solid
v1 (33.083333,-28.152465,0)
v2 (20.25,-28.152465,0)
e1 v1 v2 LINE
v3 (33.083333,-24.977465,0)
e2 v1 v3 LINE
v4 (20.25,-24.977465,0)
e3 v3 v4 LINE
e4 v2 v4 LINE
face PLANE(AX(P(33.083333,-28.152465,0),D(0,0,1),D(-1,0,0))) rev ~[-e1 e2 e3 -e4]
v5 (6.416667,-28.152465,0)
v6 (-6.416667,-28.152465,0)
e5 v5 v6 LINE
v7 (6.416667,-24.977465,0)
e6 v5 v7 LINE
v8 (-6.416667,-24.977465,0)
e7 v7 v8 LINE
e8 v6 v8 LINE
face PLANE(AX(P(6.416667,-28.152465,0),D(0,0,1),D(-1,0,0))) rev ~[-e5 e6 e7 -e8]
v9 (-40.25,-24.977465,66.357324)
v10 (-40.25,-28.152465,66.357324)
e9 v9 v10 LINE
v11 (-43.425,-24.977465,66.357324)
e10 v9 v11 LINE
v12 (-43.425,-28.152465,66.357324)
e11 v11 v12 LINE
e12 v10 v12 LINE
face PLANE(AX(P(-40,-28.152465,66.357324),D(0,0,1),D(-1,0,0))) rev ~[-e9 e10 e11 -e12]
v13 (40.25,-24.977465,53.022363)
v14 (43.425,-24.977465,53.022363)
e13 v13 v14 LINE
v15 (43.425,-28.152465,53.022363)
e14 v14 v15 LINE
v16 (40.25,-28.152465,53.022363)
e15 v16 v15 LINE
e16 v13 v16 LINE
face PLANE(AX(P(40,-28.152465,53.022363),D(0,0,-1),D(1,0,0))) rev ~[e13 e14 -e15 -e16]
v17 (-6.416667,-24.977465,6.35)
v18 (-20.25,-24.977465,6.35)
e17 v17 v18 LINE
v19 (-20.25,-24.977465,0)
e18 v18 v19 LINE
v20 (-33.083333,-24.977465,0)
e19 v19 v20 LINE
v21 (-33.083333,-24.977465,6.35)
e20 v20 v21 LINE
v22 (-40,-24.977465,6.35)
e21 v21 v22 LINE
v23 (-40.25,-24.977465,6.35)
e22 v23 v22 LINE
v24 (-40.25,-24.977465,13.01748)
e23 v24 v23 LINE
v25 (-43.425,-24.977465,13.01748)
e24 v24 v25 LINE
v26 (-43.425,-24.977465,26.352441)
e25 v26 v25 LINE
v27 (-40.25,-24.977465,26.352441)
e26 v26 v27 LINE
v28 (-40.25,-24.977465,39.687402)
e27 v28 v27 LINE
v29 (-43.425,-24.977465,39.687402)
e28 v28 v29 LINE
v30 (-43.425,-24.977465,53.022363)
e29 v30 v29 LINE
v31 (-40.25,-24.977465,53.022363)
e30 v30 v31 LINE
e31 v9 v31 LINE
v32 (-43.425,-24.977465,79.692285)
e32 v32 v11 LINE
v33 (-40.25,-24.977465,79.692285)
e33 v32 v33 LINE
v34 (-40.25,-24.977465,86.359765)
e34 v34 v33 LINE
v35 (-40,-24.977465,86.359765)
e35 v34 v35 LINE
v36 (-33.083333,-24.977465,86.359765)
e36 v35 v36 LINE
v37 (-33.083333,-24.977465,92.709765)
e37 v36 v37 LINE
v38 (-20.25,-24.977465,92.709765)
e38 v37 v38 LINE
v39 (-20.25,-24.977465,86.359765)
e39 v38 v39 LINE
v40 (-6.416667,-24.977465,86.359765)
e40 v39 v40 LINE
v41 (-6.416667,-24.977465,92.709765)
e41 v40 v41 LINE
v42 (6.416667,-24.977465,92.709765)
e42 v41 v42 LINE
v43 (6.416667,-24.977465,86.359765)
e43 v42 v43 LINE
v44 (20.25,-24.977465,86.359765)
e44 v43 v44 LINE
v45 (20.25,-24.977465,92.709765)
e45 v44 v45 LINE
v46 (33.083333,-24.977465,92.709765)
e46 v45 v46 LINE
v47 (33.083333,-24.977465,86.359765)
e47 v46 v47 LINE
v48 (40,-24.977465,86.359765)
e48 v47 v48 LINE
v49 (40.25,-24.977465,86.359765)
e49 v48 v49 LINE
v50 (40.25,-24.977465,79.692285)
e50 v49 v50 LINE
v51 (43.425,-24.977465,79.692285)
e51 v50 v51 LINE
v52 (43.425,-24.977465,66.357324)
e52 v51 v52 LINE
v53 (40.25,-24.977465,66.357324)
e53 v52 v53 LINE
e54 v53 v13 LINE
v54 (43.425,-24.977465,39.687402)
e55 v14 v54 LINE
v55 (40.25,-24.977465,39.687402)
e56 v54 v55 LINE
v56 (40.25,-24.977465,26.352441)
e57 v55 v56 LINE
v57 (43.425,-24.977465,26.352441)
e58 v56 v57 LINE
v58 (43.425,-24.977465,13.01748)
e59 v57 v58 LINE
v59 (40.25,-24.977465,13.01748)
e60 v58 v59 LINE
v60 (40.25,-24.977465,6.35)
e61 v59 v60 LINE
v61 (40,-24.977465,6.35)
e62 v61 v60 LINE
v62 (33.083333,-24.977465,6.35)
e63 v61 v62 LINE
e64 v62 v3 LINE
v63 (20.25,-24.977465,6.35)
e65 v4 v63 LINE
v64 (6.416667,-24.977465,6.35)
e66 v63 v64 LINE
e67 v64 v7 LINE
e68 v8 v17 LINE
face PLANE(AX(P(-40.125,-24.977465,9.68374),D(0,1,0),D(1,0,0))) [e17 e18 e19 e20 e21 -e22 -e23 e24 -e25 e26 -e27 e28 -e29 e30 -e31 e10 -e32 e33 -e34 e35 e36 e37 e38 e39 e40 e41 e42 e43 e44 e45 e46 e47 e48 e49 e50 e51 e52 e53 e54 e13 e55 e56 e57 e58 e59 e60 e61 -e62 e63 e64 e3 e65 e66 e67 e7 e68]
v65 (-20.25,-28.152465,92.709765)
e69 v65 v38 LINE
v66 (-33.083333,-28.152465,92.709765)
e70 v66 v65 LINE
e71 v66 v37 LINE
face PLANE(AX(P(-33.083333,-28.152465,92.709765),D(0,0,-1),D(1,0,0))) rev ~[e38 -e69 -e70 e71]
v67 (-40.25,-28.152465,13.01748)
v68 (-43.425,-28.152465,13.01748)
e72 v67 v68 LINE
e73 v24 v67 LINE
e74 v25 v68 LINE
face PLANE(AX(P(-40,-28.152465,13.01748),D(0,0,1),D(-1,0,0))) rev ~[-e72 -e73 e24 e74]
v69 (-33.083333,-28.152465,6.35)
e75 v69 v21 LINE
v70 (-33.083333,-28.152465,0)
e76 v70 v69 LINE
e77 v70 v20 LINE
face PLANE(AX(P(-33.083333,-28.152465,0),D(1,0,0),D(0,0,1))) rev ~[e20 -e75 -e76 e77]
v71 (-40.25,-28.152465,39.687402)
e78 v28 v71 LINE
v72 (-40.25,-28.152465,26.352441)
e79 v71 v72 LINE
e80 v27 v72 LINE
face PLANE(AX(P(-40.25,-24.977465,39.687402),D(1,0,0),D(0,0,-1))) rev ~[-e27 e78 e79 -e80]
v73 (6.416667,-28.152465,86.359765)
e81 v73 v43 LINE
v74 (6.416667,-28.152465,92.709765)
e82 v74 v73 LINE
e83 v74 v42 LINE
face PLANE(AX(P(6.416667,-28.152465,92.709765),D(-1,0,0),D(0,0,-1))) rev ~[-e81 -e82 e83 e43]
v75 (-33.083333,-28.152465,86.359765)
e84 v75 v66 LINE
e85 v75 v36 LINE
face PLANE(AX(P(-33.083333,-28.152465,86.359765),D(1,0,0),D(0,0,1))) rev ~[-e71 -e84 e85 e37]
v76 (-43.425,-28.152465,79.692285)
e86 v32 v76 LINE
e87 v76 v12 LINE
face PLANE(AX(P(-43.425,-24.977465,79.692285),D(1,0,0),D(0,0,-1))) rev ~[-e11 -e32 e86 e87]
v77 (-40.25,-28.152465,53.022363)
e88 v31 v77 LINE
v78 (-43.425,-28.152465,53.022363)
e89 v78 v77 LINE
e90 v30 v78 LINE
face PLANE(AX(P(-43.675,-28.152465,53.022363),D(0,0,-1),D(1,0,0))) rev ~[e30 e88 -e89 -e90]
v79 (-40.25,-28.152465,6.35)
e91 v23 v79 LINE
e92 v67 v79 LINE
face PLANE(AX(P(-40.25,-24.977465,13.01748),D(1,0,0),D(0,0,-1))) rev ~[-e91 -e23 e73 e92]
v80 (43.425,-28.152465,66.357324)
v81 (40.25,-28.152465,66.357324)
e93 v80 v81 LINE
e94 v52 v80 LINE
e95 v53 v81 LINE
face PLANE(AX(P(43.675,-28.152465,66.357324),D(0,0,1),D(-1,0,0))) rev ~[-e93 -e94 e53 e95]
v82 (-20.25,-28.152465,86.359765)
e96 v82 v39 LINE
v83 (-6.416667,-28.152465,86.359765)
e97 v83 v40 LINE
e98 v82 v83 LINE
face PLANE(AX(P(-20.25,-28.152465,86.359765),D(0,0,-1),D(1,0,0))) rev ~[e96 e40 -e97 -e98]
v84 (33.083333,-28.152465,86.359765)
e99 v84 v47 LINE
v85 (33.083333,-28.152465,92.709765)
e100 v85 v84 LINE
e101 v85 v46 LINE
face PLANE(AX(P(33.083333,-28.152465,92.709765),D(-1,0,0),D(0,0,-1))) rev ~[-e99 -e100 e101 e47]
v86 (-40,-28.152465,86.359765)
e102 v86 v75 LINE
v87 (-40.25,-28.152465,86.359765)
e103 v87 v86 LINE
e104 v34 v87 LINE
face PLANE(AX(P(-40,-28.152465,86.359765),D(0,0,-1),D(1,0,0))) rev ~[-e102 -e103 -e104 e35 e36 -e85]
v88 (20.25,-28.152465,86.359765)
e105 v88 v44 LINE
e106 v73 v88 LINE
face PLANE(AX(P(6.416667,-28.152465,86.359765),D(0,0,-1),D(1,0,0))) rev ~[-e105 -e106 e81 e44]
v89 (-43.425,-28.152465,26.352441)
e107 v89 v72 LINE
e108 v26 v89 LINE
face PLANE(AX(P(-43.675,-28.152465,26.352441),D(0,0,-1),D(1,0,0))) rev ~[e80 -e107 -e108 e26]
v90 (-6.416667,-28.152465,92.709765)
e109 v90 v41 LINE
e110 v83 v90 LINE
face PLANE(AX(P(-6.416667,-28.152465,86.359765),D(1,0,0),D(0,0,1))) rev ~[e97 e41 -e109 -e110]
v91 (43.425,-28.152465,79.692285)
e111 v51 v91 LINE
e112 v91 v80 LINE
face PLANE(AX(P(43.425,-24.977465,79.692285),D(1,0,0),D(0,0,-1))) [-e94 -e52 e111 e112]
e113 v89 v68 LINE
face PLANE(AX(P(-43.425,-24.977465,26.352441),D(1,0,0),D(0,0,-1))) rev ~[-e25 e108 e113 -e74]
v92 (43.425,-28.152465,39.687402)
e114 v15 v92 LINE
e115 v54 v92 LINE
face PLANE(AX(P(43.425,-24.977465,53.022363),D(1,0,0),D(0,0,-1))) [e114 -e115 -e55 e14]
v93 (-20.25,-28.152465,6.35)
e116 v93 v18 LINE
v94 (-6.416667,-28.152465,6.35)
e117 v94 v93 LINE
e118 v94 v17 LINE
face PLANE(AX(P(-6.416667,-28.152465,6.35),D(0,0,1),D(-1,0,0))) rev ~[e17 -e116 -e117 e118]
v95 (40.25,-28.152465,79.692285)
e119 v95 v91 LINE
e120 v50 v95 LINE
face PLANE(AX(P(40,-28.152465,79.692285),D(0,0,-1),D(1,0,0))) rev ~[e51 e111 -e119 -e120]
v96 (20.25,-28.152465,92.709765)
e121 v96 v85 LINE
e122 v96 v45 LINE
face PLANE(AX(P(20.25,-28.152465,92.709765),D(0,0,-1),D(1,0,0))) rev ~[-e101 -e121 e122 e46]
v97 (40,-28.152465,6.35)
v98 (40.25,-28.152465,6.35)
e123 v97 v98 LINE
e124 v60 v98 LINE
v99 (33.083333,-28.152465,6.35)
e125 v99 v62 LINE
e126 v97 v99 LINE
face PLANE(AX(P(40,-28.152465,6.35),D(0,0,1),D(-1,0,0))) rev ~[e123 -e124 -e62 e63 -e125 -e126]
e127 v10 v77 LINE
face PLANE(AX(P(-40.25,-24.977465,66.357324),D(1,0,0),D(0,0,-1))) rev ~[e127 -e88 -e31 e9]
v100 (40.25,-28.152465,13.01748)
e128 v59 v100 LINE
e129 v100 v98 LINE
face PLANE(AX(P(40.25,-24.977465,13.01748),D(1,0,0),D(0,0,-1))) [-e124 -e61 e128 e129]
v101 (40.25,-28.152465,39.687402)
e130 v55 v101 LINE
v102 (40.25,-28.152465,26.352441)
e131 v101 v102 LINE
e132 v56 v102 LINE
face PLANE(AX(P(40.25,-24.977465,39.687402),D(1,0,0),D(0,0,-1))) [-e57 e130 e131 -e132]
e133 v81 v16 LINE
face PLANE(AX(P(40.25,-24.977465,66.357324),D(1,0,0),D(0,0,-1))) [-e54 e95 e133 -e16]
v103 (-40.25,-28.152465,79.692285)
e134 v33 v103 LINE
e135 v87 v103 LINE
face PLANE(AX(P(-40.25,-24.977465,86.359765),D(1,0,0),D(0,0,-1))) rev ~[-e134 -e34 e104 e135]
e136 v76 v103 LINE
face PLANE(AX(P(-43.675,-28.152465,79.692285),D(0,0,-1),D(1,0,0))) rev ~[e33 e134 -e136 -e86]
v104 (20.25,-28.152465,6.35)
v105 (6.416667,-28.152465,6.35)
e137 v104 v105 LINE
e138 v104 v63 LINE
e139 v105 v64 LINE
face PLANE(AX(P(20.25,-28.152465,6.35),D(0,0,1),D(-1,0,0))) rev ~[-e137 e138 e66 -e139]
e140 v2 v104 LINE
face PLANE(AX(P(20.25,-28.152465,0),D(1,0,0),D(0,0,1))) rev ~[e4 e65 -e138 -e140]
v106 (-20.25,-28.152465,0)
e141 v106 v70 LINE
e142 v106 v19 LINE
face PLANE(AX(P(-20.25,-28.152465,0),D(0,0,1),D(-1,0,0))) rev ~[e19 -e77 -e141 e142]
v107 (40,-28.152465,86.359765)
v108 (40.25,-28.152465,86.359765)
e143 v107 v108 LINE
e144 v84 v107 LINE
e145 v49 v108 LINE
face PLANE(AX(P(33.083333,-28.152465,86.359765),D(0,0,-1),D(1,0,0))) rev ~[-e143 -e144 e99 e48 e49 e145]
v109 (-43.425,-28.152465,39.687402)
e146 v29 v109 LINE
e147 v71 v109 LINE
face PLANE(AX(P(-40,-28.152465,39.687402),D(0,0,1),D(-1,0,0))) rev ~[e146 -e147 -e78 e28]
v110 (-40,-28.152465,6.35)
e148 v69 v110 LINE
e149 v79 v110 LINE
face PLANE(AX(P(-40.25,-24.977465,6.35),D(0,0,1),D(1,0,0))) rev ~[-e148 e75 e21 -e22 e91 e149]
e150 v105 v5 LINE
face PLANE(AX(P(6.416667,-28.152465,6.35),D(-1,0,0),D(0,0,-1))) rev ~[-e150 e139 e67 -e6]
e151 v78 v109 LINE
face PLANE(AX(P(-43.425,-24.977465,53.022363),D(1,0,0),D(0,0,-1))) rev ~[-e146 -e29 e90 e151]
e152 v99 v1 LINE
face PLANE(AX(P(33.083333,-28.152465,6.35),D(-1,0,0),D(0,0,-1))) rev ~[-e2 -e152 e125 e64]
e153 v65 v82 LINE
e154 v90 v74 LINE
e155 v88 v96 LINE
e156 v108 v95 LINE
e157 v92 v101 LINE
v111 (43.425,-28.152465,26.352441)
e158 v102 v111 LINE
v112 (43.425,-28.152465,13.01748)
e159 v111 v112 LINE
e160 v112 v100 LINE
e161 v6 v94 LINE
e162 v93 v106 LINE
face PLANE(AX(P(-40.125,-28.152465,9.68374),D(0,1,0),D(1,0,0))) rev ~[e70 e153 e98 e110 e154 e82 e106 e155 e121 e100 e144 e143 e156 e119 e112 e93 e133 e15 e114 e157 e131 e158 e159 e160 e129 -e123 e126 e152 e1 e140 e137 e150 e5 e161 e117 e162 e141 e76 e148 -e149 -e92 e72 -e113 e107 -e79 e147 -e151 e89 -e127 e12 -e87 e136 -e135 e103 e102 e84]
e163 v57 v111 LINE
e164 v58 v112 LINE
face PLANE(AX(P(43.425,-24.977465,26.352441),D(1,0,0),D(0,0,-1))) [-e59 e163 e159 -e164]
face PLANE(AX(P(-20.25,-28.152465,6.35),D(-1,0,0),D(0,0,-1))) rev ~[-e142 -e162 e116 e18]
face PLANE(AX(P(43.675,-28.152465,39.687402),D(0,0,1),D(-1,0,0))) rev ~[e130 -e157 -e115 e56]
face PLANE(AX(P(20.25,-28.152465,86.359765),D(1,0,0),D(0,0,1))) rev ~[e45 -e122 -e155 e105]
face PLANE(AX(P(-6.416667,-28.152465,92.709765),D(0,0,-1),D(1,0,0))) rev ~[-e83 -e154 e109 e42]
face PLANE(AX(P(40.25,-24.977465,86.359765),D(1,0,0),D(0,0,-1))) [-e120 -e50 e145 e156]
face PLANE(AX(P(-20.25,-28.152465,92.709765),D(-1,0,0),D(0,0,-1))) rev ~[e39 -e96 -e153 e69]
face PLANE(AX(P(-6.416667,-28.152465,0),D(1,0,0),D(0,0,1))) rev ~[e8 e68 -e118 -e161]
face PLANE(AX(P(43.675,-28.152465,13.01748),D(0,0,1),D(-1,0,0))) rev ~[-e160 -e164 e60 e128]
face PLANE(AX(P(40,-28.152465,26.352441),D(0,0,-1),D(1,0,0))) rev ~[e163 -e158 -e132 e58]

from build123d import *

# Parameters (mm, degrees)
BOSS_EXTRUDE1_DEPTH      = 1.5875
BOSS_EXTRUDE1_DEPTH_BACK = 1.5875
SKETCH3_W                = 0.25
SKETCH3_H                = 13.334960838
SKETCH3_H_2              = 13.334960839
CUT_EXTRUDE1_DEPTH       = 103.531394128
SKETCH4_W                = 0.25
SKETCH4_H                = 6.667480419
SKETCH4_H_2              = 13.334960838
BOSS_EXTRUDE2_DEPTH      = 3.175


with BuildPart() as part:
    # Sketch2 → Boss-Extrude1 (new, two sides: drawn at the far end of the back side and taken through both)
    with BuildSketch(Plane(origin=(0, -26.564964534, 0), x_dir=(1, 0, 0), z_dir=(0, 1, 0)).offset(-BOSS_EXTRUDE1_DEPTH_BACK)):
        Polygon((-40, -26.352441257), (-40, -39.687402095), (-43.675, -39.687402095), (-43.675, -53.022362934), (-40, -53.022362934), (-40, -66.357323772), (-43.675, -66.357323772), (-43.675, -79.69228461), (-40, -79.69228461), (-40, -86.359765029), (-33.083333333, -86.359765029), (-33.083333333, -92.709765029), (-20.25, -92.709765029), (-20.25, -86.359765029), (-6.416666667, -86.359765029), (-6.416666667, -92.709765029), (6.416666667, -92.709765029), (6.416666667, -86.359765029), (20.25, -86.359765029), (20.25, -92.709765029), (33.083333333, -92.709765029), (33.083333333, -86.359765029), (40, -86.359765029), (40, -79.69228461), (43.675, -79.69228461), (43.675, -66.357323772), (40, -66.357323772), (40, -53.022362934), (43.675, -53.022362934), (43.675, -39.687402095), (40, -39.687402095), (40, -26.352441257), (43.675, -26.352441257), (43.675, -13.017480419), (40, -13.017480419), (40, -6.35), (33.083333333, -6.35), (33.083333333, 0), (20.25, 0), (20.25, -6.35), (6.416666667, -6.35), (6.416666667, 0), (-6.416666667, 0), (-6.416666667, -6.35), (-20.25, -6.35), (-20.25, 0), (-33.083333333, 0), (-33.083333333, -6.35), (-40, -6.35), (-40, -13.017480419), (-43.675, -13.017480419), (-43.675, -26.352441257), align=None)
    extrude(amount=BOSS_EXTRUDE1_DEPTH + BOSS_EXTRUDE1_DEPTH_BACK)

    # Sketch3 → Cut-Extrude1 (cut, through all)
    with BuildSketch(Plane(origin=(0, -24.977464534, 0), x_dir=(1, 0, 0), z_dir=(0, 1, 0))):
        with Locations((-43.55, -19.684960838)):
            Rectangle(SKETCH3_W, SKETCH3_H)
        with Locations((-43.55, -46.354882515)):
            Rectangle(SKETCH3_W, SKETCH3_H_2)
        with Locations((-43.55, -73.024804191)):
            Rectangle(SKETCH3_W, SKETCH3_H)
        with Locations((43.55, -19.684960838)):
            Rectangle(SKETCH3_W, SKETCH3_H)
        with Locations((43.55, -46.354882515)):
            Rectangle(SKETCH3_W, SKETCH3_H_2)
        with Locations((43.55, -73.024804191)):
            Rectangle(SKETCH3_W, SKETCH3_H)
    extrude(amount=-CUT_EXTRUDE1_DEPTH, mode=Mode.SUBTRACT)

    # Sketch4 → Boss-Extrude2 (add)
    with BuildSketch(Plane(origin=(0, -24.977464534, 0), x_dir=(1, 0, 0), z_dir=(0, 1, 0))):
        with Locations((-40.125, -9.683740209)):
            Rectangle(SKETCH4_W, SKETCH4_H)
        with Locations((-40.125, -33.019921676)):
            Rectangle(SKETCH4_W, SKETCH4_H_2)
        with Locations((-40.125, -59.689843353)):
            Rectangle(SKETCH4_W, SKETCH4_H_2)
        with Locations((-40.125, -83.02602482)):
            Rectangle(SKETCH4_W, SKETCH4_H)
        with Locations((40.125, -83.02602482)):
            Rectangle(SKETCH4_W, SKETCH4_H)
        with Locations((40.125, -59.689843353)):
            Rectangle(SKETCH4_W, SKETCH4_H_2)
        with Locations((40.125, -33.019921676)):
            Rectangle(SKETCH4_W, SKETCH4_H_2)
        with Locations((40.125, -9.683740209)):
            Rectangle(SKETCH4_W, SKETCH4_H)
    extrude(amount=-BOSS_EXTRUDE2_DEPTH)


solid = part.part
